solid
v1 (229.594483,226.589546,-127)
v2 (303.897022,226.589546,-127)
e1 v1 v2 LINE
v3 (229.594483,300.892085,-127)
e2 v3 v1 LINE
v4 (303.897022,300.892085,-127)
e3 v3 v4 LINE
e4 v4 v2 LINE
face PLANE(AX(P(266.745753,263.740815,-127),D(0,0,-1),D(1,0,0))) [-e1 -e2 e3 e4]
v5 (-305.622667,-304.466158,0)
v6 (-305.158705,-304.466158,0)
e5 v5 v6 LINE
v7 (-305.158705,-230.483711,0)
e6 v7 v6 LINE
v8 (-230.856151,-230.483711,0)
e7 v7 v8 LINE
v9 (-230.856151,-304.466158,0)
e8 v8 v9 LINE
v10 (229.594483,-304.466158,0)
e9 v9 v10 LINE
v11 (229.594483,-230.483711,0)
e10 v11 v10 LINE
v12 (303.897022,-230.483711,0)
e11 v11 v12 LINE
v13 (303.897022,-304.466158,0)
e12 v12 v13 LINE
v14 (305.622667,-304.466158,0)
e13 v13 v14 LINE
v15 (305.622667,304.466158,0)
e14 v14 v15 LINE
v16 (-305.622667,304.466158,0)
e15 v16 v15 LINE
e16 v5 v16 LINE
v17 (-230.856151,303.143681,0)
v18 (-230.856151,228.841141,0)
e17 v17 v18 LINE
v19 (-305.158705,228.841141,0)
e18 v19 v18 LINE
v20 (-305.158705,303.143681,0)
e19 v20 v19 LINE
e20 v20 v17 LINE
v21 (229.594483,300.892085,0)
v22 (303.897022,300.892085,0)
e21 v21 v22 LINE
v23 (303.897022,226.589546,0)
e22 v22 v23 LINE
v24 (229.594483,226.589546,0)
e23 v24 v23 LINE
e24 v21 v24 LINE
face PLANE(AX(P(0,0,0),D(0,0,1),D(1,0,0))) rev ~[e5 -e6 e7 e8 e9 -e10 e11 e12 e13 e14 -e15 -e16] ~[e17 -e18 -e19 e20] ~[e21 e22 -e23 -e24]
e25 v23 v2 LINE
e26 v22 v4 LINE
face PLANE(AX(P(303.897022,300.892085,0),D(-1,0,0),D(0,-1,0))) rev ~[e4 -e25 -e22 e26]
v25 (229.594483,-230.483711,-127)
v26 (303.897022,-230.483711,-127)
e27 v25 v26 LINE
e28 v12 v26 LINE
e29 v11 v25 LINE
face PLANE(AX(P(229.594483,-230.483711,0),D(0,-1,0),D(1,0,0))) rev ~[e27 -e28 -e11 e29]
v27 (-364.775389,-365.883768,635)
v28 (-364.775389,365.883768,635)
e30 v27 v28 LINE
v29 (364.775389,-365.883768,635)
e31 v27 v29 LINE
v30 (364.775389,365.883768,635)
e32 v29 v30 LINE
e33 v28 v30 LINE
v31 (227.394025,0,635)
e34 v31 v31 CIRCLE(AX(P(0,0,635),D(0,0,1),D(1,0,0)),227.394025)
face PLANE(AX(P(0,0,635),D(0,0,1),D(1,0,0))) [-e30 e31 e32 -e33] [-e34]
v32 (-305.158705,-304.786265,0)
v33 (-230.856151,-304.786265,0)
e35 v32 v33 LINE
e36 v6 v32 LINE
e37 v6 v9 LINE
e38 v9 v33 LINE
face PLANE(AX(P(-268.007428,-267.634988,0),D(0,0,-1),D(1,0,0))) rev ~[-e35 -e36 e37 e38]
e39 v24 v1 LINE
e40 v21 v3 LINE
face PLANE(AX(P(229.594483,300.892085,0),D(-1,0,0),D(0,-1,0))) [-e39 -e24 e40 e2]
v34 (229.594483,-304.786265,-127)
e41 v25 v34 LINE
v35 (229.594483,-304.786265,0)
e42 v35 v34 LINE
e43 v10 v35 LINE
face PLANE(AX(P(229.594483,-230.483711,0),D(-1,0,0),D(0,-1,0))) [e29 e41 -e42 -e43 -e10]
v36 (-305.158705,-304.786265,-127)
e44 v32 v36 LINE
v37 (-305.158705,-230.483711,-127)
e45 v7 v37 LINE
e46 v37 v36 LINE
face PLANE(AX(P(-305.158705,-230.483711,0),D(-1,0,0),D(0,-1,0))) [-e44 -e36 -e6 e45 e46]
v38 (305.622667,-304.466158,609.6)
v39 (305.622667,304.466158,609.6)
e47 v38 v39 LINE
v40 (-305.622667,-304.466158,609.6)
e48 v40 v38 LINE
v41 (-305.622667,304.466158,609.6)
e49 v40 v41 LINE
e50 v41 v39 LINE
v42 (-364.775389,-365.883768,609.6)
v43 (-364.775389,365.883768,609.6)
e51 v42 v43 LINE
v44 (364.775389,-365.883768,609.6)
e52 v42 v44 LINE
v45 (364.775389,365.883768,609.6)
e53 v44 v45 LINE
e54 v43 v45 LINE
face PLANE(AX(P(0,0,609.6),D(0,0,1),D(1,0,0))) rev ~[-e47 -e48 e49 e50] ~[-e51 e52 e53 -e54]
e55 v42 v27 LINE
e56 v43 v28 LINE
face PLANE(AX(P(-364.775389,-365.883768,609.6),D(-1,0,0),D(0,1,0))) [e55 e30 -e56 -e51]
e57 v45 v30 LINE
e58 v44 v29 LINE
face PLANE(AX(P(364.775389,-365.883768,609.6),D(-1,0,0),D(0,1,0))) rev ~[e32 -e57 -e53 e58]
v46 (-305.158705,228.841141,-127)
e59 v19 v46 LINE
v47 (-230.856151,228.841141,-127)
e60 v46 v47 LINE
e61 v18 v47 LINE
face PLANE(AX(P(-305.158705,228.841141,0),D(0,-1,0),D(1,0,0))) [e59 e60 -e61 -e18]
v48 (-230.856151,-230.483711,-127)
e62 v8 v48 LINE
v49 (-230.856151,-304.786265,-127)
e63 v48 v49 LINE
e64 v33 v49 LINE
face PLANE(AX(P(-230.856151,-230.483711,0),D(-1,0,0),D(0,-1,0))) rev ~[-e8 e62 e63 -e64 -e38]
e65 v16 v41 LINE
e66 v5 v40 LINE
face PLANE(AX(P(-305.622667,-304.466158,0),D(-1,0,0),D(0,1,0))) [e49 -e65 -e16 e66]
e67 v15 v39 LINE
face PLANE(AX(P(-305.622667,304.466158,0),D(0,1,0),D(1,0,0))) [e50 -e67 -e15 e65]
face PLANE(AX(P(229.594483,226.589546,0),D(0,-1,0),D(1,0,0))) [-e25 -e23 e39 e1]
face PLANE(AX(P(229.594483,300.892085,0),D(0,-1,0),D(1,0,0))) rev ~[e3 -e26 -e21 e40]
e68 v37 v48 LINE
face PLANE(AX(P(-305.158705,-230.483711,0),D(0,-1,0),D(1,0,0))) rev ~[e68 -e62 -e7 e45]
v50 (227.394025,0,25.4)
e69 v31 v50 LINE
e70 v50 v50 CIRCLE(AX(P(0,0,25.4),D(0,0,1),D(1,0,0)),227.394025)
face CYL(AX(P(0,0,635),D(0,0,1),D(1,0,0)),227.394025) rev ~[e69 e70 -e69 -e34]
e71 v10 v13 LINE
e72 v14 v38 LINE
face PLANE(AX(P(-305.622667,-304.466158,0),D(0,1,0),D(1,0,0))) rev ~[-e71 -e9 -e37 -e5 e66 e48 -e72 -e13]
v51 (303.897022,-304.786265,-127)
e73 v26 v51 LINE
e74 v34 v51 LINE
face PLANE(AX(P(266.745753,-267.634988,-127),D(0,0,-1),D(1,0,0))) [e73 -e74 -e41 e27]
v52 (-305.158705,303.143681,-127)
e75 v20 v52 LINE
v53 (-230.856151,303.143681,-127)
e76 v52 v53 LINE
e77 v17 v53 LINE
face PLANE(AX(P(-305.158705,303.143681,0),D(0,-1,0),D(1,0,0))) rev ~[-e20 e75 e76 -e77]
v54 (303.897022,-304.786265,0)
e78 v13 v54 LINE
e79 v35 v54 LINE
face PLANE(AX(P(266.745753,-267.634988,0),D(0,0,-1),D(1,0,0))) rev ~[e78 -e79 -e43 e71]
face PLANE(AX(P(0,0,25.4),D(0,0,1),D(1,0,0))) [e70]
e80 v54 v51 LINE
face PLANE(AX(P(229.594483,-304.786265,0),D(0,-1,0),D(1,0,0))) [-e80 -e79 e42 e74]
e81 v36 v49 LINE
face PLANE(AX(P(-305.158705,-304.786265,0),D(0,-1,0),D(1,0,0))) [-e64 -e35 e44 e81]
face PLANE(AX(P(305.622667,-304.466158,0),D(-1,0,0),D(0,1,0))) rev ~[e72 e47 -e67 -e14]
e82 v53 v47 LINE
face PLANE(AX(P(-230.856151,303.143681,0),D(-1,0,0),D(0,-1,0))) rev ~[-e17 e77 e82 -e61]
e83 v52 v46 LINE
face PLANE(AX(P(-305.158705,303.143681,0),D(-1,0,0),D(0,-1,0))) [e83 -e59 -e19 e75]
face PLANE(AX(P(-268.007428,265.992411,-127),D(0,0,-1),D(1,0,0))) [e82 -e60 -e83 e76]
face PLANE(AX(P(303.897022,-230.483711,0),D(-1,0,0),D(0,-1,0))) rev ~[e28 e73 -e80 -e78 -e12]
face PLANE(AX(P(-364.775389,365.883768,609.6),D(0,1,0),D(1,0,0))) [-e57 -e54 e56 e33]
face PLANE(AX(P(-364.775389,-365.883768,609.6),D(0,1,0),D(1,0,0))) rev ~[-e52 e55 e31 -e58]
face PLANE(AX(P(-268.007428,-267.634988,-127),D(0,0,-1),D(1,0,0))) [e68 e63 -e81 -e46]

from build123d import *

# Parameters (mm, degrees)
F0_W      = 611.245334
F0_H      = 608.932316
F1_DEPTH  = 609.6
F3_W      = 729.550778
F3_H      = 731.767536
F4_DEPTH  = 25.4
F6_R      = 227.394025
F7_DEPTH  = 609.6
F9_W      = 74.302555
F9_H      = 74.302554
F9_W_2    = 74.302539
F9_H_2    = 74.302539
F10_DEPTH = 127


with BuildPart() as f1:
    # F0 (on Top) → F1 (new body)
    with BuildSketch(Plane.XY):
        Rectangle(F0_W, F0_H)
    extrude(amount=F1_DEPTH)

    # F3 (on offset) → F4 (join)
    with BuildSketch(Plane.XY.offset(609.6)):
        Rectangle(F3_W, F3_H)
    extrude(amount=F4_DEPTH)

    # F6 (on offset) → F7 (cut)
    with BuildSketch(Plane.XY.offset(635)):
        Circle(F6_R)
    extrude(amount=-F7_DEPTH, mode=Mode.SUBTRACT)

    # F9 (on offset) → F10 (join)
    with BuildSketch(Plane(origin=(0, 0, 0), x_dir=(1, 0, 0), z_dir=(0, 0, -1))):
        with Locations((-268.007428, 267.634988)):
            Rectangle(F9_W, F9_H)
        with Locations((266.745753, 267.634988)):
            Rectangle(F9_W_2, F9_H)
        with Locations((266.745753, -263.740815)):
            Rectangle(F9_W_2, F9_H_2)
        with Locations((-268.007428, -265.992411)):
            Rectangle(F9_W, F9_H_2)
    extrude(amount=F10_DEPTH)


solid = f1.part
